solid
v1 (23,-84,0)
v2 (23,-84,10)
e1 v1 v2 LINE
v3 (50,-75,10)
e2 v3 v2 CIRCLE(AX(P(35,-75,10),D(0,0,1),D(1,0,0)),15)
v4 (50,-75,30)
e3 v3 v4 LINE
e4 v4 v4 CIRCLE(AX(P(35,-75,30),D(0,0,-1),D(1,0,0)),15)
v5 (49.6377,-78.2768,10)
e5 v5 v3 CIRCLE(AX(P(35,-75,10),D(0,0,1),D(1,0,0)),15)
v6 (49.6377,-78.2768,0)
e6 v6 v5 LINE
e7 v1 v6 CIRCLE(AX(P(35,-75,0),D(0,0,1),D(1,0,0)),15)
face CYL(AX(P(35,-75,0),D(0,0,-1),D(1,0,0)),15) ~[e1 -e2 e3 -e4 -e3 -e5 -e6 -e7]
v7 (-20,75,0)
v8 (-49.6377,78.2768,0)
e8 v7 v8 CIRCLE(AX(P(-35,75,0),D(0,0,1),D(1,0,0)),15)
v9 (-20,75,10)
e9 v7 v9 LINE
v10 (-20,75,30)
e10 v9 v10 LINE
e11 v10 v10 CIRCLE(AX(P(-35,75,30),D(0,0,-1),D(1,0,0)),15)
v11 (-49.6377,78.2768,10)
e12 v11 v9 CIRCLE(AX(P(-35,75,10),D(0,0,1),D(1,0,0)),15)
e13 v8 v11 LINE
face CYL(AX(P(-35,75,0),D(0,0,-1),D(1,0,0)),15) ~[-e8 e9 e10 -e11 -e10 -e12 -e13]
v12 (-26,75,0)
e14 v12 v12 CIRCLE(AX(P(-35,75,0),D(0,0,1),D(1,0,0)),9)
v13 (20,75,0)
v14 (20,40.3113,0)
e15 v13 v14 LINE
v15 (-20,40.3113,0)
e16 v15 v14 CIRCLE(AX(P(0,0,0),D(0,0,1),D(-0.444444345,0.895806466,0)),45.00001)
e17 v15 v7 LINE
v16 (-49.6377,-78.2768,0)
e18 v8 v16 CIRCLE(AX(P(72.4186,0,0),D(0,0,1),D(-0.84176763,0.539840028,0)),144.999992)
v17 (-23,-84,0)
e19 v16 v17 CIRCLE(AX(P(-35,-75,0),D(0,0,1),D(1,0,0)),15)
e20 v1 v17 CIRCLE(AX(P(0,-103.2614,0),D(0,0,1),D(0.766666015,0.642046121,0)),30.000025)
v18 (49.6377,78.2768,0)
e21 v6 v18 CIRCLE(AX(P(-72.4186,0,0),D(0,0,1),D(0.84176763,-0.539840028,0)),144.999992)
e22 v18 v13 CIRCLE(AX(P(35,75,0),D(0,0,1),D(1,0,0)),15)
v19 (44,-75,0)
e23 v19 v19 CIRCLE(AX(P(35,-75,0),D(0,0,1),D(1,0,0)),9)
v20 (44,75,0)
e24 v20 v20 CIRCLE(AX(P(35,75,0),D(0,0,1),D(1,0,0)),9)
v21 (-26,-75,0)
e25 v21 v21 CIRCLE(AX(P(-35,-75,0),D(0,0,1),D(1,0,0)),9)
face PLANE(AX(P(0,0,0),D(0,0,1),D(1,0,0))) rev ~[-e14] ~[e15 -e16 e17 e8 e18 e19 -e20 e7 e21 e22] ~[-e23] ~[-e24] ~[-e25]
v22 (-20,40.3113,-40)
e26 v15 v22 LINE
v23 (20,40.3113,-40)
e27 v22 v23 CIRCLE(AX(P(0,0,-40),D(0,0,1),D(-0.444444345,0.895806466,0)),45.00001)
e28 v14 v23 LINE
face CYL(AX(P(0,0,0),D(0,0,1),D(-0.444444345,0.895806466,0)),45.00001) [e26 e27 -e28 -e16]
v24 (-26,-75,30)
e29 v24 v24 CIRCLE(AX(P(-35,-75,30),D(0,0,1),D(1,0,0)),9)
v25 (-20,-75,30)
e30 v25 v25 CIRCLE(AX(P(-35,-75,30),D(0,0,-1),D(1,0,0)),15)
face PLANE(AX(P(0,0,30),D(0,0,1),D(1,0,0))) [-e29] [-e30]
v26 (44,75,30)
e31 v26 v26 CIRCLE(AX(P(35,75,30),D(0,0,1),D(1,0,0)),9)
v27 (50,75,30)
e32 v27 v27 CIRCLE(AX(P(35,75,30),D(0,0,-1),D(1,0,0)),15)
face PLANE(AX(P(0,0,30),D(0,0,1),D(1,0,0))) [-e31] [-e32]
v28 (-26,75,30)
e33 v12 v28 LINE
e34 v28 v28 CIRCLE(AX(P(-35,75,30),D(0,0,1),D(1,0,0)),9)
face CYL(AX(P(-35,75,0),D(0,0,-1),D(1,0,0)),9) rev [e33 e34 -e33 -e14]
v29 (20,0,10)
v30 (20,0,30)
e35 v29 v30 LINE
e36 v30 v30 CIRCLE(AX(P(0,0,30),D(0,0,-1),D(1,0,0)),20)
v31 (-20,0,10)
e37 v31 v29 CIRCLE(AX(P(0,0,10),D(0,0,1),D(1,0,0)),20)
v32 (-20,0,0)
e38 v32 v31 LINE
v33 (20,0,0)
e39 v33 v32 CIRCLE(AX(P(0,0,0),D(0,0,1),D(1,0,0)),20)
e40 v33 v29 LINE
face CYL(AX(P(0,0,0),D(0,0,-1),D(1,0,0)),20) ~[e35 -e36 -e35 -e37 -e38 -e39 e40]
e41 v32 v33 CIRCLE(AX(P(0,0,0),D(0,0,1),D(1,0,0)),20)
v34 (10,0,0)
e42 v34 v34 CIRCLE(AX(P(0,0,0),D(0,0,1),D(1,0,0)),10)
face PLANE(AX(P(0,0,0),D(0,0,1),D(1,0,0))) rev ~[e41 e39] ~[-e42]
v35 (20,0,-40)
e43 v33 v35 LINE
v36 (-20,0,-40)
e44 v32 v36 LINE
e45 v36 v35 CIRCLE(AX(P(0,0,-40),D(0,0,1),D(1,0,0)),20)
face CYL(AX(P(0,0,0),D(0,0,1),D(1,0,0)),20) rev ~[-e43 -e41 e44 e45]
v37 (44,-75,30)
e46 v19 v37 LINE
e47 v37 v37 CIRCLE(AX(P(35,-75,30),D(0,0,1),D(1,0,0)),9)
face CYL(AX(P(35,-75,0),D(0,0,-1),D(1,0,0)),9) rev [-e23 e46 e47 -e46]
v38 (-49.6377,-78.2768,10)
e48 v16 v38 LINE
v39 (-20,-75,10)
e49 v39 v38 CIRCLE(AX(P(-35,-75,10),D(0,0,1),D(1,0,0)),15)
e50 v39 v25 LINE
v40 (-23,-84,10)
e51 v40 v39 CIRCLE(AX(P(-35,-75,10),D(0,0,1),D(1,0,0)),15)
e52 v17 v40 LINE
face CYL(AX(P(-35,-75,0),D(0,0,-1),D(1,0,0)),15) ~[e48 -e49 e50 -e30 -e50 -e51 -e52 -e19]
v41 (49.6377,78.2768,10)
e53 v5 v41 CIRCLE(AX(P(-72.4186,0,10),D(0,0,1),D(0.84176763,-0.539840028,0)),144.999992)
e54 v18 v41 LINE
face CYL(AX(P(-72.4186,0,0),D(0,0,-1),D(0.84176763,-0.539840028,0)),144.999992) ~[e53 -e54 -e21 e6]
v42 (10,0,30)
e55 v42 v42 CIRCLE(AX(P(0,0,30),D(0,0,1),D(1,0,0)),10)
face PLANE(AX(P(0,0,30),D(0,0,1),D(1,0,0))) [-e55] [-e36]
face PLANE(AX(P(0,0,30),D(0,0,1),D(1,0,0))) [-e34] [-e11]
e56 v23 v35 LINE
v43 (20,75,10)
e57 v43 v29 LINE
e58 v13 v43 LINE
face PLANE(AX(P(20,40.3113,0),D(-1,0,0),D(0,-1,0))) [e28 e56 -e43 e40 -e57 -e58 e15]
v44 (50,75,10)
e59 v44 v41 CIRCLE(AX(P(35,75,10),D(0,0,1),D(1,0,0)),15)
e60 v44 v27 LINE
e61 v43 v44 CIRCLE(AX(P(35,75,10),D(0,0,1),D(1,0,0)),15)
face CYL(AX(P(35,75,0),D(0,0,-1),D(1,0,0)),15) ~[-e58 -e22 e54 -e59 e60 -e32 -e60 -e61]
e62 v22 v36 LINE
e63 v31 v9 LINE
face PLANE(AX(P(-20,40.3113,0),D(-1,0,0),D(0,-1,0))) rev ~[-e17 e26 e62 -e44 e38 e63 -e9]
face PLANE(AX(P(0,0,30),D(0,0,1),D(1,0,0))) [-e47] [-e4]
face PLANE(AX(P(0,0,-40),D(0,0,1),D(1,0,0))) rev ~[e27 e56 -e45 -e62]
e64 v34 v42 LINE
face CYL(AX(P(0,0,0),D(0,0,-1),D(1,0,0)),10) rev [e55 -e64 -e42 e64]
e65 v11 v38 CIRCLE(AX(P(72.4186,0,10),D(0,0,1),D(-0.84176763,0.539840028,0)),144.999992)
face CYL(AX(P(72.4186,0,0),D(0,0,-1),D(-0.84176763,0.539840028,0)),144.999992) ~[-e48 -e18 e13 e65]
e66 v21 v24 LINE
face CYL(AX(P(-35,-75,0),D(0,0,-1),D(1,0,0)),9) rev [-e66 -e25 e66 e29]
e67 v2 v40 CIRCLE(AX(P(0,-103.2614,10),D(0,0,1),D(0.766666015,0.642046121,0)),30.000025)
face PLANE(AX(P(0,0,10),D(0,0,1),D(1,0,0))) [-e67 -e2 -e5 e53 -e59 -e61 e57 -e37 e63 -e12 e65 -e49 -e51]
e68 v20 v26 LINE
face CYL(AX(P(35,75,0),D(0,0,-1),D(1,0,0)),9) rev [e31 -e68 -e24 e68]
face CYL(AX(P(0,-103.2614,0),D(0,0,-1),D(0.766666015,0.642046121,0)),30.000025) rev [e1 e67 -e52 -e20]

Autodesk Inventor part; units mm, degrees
ref_plane "YZ Plane" through (0, 0, 0) normal (1, 0, 0) x (0, 1, 0)
ref_plane "XZ Plane" through (0, 0, 0) normal (0, 1, 0) x (-1, 0, 0)
ref_plane "XY Plane" through (0, 0, 0) normal (0, 0, 1) x (1, 0, 0)
sketch "Эскиз1" plane through (0, 0, 0) normal (0, 0, 1) x (1, 0, 0)
  circle A0 centre (0, 0) radius 20
  circle A1 centre (0, 0) radius 10
  circle A2 centre (-35, 75) radius 15
  circle A3 centre (-35, 75) radius 9
  circle A4 centre (35, 75) radius 15
  circle A5 centre (35, 75) radius 9
  circle A6 centre (-35, -75) radius 15
  circle A7 centre (-35, -75) radius 9
  circle A8 centre (35, -75) radius 15
  circle A9 centre (35, -75) radius 9
  arc A10 (23, -84) -> (-23, -84) centre (0, -103.2614) ccw
  arc A11 (-20, 40.3113) -> (20, 40.3113) centre (0, 0) ccw
  line L0 (-20, 40.3113) -> (-20, 0)
  line L1 (-20, 40.3113) -> (-20, 75)
  line L2 (20, 40.3113) -> (20, 0)
  line L3 (20, 40.3113) -> (20, 75)
  arc A12 (-49.6377, 78.2768) -> (-49.6377, -78.2768) centre (72.4186, 0) ccw
  arc A13 (49.6377, -78.2768) -> (49.6377, 78.2768) centre (-72.4186, 0) ccw
  dimension "d75" = 145
  dimension "d76" = 30
  dimension "d77" = 18
  dimension "d78" = 45
  dimension "d79" = 40
  dimension "d80" = 20
  dimension "d81" = 30
  dimension "d82" = 20
  dimension "d83" = 52.4186
  dimension "d84" = 29.6377
  dimension "d85" = 29.6377
  dimension "d86" = 3
  dimension "d87" = 20
  dimension "d88" = 43
  dimension "d89" = 69.6377
  dimension "d90" = 69.6377
  dimension "d91" = 92.4186
  dimension "d92" = 72.4186
  dimension "d93" = 45
extrude "Выдавливание1" add sketch "Эскиз1" along normal blind 10 contours L3 A4 A13 A8 A10 A6 A12 A2 L1 A11
extrude "Выдавливание2" add sketch "Эскиз1" along normal blind 30 contours A4 | A2 | A8 | A6
extrude "Выдавливание3" add sketch "Эскиз1" along normal blind 30 contours A0
extrude "Выдавливание4" add sketch "Эскиз1" along normal blind 10 contours L2 A11 L0 A0
extrude "Выдавливание5" add sketch "Эскиз1" against normal blind 40 contours L2 A11 L0 A0
properties part number "Вилка" material "Сталь, мягкая"
